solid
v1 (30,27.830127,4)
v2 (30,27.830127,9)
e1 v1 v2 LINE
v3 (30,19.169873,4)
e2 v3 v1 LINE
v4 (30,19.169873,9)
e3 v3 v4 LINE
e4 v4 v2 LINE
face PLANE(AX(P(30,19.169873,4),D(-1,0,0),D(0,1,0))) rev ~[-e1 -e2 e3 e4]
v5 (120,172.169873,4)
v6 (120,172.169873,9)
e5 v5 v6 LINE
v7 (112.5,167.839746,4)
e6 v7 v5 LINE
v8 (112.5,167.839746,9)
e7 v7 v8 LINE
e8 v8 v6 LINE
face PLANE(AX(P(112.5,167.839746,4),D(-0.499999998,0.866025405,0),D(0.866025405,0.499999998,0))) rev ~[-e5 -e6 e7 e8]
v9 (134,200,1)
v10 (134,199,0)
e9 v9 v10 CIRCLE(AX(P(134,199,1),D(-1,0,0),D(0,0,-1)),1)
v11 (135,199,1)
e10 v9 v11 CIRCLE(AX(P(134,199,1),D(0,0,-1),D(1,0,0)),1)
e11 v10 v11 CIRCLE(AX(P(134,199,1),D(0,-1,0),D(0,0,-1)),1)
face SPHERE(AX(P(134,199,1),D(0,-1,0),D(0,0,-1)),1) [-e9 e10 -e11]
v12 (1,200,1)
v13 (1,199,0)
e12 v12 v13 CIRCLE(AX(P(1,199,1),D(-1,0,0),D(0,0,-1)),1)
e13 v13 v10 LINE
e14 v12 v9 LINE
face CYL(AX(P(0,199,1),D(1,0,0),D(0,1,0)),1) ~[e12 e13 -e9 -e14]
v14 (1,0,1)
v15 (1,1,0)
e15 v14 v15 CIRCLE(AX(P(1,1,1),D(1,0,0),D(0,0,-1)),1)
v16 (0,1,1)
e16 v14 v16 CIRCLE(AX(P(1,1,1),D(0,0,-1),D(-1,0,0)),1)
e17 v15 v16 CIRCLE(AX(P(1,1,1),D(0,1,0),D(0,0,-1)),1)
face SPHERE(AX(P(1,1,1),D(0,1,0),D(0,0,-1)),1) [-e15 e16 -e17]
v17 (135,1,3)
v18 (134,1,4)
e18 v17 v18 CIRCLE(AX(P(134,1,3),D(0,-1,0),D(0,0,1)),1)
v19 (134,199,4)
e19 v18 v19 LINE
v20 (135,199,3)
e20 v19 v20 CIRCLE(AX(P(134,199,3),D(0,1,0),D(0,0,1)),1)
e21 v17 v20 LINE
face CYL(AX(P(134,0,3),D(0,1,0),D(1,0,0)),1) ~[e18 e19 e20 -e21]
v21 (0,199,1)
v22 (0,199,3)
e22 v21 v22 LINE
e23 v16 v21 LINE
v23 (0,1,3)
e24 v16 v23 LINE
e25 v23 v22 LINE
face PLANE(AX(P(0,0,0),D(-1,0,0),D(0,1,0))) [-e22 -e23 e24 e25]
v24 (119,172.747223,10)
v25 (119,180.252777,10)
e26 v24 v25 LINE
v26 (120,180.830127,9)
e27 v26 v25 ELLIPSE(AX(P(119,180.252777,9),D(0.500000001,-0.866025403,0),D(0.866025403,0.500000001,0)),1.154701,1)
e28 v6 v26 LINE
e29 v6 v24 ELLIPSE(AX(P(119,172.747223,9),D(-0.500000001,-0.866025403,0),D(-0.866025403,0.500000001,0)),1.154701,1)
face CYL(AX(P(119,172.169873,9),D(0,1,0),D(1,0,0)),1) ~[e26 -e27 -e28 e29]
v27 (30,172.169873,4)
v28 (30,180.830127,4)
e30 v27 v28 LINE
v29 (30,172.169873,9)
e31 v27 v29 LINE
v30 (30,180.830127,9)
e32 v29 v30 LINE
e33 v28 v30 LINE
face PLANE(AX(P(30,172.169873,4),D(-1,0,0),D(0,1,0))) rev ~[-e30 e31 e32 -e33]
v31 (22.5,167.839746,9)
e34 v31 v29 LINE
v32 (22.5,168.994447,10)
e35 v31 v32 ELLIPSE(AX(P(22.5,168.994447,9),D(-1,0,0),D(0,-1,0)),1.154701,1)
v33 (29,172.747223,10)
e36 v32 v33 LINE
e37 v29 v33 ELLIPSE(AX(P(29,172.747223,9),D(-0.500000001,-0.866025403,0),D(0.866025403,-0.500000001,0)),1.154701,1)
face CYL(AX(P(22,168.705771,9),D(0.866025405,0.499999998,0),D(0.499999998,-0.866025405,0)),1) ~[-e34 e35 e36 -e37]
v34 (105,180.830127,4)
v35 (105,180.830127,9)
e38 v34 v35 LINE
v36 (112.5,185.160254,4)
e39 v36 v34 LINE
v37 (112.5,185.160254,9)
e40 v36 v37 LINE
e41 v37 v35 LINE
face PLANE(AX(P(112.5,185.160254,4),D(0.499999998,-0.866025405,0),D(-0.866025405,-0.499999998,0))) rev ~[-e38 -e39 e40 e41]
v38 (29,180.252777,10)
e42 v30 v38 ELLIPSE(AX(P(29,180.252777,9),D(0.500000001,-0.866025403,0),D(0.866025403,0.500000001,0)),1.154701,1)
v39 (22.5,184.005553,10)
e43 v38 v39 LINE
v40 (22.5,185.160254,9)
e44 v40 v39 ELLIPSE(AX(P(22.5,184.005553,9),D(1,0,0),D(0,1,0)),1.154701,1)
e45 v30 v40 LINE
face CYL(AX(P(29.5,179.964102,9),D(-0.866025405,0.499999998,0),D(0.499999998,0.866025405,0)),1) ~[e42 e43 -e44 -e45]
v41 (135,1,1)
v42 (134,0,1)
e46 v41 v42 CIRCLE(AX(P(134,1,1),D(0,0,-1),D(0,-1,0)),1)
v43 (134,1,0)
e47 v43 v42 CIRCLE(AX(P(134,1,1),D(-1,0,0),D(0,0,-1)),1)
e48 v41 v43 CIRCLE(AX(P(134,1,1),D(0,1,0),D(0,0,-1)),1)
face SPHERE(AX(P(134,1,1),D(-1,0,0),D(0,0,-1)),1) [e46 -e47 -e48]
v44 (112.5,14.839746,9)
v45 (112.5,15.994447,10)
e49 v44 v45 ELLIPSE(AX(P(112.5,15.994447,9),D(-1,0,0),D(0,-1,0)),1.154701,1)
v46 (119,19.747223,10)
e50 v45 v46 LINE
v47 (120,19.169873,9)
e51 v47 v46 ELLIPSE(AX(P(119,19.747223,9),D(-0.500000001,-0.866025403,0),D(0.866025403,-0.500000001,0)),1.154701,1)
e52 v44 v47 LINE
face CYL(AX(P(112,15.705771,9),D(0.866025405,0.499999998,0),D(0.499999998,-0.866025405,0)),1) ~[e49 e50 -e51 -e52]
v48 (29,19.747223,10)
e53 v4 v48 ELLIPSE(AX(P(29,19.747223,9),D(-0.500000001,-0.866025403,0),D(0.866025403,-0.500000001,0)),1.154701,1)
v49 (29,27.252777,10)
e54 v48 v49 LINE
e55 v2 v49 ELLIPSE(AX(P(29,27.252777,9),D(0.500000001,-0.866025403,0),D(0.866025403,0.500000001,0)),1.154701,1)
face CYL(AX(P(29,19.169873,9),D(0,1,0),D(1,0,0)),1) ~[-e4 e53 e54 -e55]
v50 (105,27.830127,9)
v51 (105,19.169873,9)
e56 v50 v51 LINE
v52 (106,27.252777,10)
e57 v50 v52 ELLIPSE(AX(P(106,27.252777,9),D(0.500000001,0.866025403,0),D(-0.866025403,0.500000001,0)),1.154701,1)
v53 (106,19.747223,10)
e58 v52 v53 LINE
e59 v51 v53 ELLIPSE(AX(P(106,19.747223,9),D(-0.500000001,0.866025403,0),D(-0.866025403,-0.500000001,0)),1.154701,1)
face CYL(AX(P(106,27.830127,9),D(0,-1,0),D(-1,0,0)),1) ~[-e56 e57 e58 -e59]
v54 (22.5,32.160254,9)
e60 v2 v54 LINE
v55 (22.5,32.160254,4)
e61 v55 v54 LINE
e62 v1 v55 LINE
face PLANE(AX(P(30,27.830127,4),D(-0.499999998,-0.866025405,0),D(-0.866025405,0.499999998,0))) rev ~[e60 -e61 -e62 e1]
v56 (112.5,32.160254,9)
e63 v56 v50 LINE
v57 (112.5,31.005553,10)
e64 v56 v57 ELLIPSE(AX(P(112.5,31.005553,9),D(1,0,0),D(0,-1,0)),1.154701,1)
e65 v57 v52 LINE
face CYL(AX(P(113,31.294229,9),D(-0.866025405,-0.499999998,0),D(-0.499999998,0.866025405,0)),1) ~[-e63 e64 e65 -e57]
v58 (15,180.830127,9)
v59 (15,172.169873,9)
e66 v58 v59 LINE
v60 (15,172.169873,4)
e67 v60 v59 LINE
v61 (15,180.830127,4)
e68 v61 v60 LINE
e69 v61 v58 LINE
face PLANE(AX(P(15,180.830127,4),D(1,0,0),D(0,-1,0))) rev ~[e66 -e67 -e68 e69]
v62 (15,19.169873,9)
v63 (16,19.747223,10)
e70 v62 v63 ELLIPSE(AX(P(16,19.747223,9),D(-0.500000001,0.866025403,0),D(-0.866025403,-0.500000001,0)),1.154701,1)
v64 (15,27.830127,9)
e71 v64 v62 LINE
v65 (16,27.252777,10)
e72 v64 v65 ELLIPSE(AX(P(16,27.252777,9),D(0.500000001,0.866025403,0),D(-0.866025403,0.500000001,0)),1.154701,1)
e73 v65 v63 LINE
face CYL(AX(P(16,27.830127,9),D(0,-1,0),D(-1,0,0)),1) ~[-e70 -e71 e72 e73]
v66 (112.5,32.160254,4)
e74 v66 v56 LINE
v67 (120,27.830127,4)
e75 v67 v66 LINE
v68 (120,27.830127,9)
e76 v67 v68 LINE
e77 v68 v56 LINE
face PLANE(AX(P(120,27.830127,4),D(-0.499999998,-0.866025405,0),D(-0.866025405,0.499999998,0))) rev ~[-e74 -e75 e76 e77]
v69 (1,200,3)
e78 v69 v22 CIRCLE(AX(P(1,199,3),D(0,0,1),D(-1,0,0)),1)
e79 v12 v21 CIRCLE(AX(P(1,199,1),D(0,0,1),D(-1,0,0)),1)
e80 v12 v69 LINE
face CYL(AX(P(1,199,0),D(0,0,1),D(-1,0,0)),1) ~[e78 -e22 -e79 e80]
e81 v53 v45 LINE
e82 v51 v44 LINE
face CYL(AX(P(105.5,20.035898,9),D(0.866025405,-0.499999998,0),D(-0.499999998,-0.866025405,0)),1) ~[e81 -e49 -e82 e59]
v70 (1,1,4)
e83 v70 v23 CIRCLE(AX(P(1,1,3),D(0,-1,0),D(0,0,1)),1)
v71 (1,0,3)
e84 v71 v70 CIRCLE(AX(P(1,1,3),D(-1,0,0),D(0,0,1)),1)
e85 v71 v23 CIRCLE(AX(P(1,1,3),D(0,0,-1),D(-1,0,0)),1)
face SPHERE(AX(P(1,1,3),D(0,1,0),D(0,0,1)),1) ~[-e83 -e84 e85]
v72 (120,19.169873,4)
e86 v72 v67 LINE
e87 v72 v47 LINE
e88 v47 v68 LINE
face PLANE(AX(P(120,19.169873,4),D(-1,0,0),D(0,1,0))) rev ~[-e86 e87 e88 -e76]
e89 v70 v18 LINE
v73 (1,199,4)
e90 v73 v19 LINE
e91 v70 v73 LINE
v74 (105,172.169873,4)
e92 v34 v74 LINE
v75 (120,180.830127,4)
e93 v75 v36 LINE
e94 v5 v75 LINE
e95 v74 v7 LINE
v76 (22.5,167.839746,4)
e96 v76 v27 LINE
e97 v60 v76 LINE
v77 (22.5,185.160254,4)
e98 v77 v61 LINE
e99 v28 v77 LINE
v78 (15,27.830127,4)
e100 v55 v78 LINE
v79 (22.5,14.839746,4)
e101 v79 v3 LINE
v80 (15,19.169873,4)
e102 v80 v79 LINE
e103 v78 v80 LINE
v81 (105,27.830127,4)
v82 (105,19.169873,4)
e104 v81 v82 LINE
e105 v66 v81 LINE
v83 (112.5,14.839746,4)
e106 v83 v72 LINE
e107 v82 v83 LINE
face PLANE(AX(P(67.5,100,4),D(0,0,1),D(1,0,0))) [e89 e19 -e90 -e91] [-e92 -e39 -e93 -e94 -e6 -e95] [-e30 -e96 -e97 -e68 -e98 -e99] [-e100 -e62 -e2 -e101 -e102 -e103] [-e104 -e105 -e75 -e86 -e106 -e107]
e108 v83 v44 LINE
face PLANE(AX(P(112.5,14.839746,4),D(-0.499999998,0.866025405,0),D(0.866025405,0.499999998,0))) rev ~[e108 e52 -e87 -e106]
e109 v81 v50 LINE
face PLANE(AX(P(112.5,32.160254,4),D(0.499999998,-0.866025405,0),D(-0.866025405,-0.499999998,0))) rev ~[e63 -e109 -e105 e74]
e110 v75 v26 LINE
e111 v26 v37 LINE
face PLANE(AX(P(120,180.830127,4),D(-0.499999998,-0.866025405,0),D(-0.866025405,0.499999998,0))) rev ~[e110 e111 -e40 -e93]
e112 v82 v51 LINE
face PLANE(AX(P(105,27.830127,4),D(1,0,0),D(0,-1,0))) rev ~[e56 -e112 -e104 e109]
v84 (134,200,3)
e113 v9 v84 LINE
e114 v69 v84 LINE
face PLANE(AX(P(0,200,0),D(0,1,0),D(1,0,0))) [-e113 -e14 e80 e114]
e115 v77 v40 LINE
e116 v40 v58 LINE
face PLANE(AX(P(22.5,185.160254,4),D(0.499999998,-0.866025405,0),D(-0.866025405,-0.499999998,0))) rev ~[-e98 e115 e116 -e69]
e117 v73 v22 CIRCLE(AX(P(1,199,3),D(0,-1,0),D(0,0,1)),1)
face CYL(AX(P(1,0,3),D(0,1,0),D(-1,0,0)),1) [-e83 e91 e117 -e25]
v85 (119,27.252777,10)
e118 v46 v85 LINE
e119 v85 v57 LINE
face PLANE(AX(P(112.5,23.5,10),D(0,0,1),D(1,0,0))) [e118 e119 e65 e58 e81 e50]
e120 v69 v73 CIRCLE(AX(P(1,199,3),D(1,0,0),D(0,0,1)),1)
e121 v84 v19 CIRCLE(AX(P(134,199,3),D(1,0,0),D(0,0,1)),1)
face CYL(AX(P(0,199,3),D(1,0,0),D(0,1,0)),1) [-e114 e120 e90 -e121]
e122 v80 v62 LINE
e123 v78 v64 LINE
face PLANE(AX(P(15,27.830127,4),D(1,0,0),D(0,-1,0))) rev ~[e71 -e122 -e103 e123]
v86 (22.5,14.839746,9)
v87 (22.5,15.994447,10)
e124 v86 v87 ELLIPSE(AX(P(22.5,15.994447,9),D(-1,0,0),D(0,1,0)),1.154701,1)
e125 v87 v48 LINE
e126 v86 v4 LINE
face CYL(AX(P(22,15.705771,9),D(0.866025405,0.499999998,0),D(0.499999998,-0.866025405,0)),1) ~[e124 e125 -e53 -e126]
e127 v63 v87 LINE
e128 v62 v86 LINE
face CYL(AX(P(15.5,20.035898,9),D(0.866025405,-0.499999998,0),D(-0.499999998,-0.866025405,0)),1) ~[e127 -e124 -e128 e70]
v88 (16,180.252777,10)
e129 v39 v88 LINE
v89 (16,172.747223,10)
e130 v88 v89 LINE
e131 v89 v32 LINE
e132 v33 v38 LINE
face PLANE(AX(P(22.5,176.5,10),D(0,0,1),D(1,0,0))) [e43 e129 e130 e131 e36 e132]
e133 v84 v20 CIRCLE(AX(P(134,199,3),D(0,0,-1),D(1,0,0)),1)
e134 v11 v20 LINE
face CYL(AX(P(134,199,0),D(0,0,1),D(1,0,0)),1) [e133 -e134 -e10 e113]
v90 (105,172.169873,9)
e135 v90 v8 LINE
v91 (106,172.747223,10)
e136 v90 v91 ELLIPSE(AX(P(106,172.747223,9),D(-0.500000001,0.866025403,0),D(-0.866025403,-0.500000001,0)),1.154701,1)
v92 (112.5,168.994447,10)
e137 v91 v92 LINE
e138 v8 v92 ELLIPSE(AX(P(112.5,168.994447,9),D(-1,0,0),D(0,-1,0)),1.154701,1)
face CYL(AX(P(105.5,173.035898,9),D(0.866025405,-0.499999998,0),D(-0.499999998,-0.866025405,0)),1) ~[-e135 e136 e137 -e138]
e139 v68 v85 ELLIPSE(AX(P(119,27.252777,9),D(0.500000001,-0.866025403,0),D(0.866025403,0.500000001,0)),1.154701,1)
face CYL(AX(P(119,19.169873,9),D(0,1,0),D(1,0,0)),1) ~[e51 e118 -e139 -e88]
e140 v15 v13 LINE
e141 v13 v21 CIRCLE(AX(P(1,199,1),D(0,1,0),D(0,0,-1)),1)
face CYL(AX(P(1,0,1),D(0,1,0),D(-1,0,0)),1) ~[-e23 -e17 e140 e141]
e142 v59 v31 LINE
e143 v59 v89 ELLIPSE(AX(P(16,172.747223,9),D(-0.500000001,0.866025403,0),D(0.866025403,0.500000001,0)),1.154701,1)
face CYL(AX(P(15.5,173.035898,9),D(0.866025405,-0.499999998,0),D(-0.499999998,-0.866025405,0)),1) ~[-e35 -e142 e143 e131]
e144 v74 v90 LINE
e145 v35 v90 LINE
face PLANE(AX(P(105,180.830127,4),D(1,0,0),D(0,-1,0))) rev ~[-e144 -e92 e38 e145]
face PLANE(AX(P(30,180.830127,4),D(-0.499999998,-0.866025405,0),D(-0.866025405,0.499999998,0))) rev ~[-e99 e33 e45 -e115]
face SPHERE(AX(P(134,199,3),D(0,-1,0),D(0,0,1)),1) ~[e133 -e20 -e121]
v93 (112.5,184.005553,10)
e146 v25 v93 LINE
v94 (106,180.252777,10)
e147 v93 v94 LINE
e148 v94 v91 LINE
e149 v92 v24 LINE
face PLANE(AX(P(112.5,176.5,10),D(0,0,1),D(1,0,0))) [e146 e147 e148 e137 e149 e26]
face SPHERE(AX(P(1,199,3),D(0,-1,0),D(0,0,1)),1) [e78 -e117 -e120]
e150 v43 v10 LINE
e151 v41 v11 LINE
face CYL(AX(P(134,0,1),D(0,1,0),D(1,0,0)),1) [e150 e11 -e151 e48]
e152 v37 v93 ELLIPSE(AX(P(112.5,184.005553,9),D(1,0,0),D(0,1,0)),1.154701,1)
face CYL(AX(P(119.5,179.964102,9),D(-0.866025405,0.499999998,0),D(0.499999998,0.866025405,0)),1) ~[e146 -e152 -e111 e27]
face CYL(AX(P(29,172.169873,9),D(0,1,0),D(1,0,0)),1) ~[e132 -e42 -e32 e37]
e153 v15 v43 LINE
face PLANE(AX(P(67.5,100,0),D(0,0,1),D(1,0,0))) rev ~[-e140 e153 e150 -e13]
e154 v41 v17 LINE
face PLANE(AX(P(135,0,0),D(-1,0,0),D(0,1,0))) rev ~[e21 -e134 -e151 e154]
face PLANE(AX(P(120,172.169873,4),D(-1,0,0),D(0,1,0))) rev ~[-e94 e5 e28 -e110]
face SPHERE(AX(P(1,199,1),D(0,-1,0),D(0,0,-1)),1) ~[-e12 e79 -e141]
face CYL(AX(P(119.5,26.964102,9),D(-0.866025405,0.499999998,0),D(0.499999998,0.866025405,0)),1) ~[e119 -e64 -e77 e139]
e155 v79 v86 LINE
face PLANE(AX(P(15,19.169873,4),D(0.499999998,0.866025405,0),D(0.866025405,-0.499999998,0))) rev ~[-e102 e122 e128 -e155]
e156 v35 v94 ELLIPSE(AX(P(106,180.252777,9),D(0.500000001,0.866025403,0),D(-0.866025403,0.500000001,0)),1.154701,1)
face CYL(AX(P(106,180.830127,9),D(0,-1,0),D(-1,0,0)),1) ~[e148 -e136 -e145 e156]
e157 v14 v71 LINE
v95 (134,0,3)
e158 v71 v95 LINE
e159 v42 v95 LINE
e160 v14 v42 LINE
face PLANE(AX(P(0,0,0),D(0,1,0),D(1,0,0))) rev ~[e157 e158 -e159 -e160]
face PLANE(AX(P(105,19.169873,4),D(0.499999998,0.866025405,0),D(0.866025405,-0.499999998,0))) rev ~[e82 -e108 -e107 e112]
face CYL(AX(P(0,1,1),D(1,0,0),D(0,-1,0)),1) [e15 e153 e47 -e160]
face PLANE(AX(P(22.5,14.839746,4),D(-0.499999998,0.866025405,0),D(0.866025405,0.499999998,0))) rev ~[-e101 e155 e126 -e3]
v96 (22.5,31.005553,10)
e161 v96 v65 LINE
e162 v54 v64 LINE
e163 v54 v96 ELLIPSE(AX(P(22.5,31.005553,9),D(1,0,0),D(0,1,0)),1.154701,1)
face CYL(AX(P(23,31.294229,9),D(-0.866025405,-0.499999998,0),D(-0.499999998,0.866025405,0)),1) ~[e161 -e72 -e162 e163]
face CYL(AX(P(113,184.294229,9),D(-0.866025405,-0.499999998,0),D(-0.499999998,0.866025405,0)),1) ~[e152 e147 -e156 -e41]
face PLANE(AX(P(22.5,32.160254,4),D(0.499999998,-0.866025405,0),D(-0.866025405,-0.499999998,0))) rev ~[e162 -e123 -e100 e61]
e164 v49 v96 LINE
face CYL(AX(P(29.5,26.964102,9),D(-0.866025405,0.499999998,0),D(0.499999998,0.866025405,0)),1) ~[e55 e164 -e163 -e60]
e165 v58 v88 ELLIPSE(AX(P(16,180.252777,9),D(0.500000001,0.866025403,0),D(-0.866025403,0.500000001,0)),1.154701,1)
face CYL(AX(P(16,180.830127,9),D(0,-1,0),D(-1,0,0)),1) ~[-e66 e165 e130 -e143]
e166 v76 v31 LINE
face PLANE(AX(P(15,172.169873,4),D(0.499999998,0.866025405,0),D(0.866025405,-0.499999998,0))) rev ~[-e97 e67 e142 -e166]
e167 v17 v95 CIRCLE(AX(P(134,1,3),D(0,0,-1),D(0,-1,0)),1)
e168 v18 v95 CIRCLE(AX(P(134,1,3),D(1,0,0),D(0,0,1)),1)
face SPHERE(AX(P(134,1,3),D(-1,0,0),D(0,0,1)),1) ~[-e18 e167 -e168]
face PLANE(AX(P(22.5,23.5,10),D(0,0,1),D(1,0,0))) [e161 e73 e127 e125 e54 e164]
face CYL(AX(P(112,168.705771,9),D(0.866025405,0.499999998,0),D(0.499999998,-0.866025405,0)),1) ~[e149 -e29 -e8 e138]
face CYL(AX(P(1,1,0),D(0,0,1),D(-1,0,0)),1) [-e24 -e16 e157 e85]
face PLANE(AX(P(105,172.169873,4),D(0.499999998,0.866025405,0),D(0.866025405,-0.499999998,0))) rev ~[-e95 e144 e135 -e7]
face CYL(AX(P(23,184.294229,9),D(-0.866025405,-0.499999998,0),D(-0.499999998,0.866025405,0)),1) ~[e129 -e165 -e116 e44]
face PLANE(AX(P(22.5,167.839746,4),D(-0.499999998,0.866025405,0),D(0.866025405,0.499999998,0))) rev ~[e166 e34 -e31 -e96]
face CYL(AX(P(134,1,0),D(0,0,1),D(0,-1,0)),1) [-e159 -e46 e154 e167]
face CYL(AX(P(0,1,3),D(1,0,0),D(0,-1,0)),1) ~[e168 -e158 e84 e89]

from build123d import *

# Parameters (mm, degrees)
F0_W     = 135
F0_H     = 200
F1_DEPTH = 4
F2_R     = 1
F4_DEPTH = 6
F5_R     = 1


with BuildPart() as f1:
    # F0 (on Top) → F1 (new body)
    with BuildSketch(Plane.XY):
        with Locations((67.5, 100)):
            Rectangle(F0_W, F0_H)
    extrude(amount=F1_DEPTH)

    # F2
    f2_edges = [f1.edges().sort_by_distance(p)[0] for p in [
        (0, 100, 4),
        (67.5, 0, 4),
        (135, 100, 4),
        (67.5, 200, 4),
        (0, 100, 0),
        (67.5, 0, 0),
        (135, 100, 0),
        (67.5, 200, 0),
        (135, 0, 2),
        (0, 0, 2),
        (135, 200, 2),
        (0, 200, 2),
    ]]
    fillet(f2_edges, radius=F2_R)

    # F3 (on face) → F4 (join)
    with BuildSketch(Plane.XY.offset(4)):
        Polygon((22.5, 167.839746), (30, 172.169873), (30, 180.830127), (22.5, 185.160254), (15, 180.830127), (15, 172.169873), align=None)
        Polygon((120, 180.830127), (112.5, 185.160254), (105, 180.830127), (105, 172.169873), (112.5, 167.839746), (120, 172.169873), align=None)
        Polygon((30, 19.169873), (30, 27.830127), (22.5, 32.160254), (15, 27.830127), (15, 19.169873), (22.5, 14.839746), align=None)
        Polygon((105, 19.169873), (112.5, 14.839746), (120, 19.169873), (120, 27.830127), (112.5, 32.160254), (105, 27.830127), align=None)
    extrude(amount=F4_DEPTH)

    # F5
    f5_edges = [f1.edges().sort_by_distance(p)[0] for p in [
        (18.75, 170.004809, 10),
        (26.25, 170.004809, 10),
        (30, 176.5, 10),
        (26.25, 182.995191, 10),
        (18.75, 182.995191, 10),
        (15, 176.5, 10),
        (120, 176.5, 10),
        (116.25, 182.995191, 10),
        (108.75, 182.995191, 10),
        (105, 176.5, 10),
        (108.75, 170.004809, 10),
        (116.25, 170.004809, 10),
        (108.75, 29.995191, 10),
        (105, 23.5, 10),
        (108.75, 17.004809, 10),
        (116.25, 17.004809, 10),
        (120, 23.5, 10),
        (116.25, 29.995191, 10),
        (26.25, 17.004809, 10),
        (30, 23.5, 10),
        (26.25, 29.995191, 10),
        (18.75, 29.995191, 10),
        (15, 23.5, 10),
        (18.75, 17.004809, 10),
    ]]
    fillet(f5_edges, radius=F5_R)


solid = f1.part
